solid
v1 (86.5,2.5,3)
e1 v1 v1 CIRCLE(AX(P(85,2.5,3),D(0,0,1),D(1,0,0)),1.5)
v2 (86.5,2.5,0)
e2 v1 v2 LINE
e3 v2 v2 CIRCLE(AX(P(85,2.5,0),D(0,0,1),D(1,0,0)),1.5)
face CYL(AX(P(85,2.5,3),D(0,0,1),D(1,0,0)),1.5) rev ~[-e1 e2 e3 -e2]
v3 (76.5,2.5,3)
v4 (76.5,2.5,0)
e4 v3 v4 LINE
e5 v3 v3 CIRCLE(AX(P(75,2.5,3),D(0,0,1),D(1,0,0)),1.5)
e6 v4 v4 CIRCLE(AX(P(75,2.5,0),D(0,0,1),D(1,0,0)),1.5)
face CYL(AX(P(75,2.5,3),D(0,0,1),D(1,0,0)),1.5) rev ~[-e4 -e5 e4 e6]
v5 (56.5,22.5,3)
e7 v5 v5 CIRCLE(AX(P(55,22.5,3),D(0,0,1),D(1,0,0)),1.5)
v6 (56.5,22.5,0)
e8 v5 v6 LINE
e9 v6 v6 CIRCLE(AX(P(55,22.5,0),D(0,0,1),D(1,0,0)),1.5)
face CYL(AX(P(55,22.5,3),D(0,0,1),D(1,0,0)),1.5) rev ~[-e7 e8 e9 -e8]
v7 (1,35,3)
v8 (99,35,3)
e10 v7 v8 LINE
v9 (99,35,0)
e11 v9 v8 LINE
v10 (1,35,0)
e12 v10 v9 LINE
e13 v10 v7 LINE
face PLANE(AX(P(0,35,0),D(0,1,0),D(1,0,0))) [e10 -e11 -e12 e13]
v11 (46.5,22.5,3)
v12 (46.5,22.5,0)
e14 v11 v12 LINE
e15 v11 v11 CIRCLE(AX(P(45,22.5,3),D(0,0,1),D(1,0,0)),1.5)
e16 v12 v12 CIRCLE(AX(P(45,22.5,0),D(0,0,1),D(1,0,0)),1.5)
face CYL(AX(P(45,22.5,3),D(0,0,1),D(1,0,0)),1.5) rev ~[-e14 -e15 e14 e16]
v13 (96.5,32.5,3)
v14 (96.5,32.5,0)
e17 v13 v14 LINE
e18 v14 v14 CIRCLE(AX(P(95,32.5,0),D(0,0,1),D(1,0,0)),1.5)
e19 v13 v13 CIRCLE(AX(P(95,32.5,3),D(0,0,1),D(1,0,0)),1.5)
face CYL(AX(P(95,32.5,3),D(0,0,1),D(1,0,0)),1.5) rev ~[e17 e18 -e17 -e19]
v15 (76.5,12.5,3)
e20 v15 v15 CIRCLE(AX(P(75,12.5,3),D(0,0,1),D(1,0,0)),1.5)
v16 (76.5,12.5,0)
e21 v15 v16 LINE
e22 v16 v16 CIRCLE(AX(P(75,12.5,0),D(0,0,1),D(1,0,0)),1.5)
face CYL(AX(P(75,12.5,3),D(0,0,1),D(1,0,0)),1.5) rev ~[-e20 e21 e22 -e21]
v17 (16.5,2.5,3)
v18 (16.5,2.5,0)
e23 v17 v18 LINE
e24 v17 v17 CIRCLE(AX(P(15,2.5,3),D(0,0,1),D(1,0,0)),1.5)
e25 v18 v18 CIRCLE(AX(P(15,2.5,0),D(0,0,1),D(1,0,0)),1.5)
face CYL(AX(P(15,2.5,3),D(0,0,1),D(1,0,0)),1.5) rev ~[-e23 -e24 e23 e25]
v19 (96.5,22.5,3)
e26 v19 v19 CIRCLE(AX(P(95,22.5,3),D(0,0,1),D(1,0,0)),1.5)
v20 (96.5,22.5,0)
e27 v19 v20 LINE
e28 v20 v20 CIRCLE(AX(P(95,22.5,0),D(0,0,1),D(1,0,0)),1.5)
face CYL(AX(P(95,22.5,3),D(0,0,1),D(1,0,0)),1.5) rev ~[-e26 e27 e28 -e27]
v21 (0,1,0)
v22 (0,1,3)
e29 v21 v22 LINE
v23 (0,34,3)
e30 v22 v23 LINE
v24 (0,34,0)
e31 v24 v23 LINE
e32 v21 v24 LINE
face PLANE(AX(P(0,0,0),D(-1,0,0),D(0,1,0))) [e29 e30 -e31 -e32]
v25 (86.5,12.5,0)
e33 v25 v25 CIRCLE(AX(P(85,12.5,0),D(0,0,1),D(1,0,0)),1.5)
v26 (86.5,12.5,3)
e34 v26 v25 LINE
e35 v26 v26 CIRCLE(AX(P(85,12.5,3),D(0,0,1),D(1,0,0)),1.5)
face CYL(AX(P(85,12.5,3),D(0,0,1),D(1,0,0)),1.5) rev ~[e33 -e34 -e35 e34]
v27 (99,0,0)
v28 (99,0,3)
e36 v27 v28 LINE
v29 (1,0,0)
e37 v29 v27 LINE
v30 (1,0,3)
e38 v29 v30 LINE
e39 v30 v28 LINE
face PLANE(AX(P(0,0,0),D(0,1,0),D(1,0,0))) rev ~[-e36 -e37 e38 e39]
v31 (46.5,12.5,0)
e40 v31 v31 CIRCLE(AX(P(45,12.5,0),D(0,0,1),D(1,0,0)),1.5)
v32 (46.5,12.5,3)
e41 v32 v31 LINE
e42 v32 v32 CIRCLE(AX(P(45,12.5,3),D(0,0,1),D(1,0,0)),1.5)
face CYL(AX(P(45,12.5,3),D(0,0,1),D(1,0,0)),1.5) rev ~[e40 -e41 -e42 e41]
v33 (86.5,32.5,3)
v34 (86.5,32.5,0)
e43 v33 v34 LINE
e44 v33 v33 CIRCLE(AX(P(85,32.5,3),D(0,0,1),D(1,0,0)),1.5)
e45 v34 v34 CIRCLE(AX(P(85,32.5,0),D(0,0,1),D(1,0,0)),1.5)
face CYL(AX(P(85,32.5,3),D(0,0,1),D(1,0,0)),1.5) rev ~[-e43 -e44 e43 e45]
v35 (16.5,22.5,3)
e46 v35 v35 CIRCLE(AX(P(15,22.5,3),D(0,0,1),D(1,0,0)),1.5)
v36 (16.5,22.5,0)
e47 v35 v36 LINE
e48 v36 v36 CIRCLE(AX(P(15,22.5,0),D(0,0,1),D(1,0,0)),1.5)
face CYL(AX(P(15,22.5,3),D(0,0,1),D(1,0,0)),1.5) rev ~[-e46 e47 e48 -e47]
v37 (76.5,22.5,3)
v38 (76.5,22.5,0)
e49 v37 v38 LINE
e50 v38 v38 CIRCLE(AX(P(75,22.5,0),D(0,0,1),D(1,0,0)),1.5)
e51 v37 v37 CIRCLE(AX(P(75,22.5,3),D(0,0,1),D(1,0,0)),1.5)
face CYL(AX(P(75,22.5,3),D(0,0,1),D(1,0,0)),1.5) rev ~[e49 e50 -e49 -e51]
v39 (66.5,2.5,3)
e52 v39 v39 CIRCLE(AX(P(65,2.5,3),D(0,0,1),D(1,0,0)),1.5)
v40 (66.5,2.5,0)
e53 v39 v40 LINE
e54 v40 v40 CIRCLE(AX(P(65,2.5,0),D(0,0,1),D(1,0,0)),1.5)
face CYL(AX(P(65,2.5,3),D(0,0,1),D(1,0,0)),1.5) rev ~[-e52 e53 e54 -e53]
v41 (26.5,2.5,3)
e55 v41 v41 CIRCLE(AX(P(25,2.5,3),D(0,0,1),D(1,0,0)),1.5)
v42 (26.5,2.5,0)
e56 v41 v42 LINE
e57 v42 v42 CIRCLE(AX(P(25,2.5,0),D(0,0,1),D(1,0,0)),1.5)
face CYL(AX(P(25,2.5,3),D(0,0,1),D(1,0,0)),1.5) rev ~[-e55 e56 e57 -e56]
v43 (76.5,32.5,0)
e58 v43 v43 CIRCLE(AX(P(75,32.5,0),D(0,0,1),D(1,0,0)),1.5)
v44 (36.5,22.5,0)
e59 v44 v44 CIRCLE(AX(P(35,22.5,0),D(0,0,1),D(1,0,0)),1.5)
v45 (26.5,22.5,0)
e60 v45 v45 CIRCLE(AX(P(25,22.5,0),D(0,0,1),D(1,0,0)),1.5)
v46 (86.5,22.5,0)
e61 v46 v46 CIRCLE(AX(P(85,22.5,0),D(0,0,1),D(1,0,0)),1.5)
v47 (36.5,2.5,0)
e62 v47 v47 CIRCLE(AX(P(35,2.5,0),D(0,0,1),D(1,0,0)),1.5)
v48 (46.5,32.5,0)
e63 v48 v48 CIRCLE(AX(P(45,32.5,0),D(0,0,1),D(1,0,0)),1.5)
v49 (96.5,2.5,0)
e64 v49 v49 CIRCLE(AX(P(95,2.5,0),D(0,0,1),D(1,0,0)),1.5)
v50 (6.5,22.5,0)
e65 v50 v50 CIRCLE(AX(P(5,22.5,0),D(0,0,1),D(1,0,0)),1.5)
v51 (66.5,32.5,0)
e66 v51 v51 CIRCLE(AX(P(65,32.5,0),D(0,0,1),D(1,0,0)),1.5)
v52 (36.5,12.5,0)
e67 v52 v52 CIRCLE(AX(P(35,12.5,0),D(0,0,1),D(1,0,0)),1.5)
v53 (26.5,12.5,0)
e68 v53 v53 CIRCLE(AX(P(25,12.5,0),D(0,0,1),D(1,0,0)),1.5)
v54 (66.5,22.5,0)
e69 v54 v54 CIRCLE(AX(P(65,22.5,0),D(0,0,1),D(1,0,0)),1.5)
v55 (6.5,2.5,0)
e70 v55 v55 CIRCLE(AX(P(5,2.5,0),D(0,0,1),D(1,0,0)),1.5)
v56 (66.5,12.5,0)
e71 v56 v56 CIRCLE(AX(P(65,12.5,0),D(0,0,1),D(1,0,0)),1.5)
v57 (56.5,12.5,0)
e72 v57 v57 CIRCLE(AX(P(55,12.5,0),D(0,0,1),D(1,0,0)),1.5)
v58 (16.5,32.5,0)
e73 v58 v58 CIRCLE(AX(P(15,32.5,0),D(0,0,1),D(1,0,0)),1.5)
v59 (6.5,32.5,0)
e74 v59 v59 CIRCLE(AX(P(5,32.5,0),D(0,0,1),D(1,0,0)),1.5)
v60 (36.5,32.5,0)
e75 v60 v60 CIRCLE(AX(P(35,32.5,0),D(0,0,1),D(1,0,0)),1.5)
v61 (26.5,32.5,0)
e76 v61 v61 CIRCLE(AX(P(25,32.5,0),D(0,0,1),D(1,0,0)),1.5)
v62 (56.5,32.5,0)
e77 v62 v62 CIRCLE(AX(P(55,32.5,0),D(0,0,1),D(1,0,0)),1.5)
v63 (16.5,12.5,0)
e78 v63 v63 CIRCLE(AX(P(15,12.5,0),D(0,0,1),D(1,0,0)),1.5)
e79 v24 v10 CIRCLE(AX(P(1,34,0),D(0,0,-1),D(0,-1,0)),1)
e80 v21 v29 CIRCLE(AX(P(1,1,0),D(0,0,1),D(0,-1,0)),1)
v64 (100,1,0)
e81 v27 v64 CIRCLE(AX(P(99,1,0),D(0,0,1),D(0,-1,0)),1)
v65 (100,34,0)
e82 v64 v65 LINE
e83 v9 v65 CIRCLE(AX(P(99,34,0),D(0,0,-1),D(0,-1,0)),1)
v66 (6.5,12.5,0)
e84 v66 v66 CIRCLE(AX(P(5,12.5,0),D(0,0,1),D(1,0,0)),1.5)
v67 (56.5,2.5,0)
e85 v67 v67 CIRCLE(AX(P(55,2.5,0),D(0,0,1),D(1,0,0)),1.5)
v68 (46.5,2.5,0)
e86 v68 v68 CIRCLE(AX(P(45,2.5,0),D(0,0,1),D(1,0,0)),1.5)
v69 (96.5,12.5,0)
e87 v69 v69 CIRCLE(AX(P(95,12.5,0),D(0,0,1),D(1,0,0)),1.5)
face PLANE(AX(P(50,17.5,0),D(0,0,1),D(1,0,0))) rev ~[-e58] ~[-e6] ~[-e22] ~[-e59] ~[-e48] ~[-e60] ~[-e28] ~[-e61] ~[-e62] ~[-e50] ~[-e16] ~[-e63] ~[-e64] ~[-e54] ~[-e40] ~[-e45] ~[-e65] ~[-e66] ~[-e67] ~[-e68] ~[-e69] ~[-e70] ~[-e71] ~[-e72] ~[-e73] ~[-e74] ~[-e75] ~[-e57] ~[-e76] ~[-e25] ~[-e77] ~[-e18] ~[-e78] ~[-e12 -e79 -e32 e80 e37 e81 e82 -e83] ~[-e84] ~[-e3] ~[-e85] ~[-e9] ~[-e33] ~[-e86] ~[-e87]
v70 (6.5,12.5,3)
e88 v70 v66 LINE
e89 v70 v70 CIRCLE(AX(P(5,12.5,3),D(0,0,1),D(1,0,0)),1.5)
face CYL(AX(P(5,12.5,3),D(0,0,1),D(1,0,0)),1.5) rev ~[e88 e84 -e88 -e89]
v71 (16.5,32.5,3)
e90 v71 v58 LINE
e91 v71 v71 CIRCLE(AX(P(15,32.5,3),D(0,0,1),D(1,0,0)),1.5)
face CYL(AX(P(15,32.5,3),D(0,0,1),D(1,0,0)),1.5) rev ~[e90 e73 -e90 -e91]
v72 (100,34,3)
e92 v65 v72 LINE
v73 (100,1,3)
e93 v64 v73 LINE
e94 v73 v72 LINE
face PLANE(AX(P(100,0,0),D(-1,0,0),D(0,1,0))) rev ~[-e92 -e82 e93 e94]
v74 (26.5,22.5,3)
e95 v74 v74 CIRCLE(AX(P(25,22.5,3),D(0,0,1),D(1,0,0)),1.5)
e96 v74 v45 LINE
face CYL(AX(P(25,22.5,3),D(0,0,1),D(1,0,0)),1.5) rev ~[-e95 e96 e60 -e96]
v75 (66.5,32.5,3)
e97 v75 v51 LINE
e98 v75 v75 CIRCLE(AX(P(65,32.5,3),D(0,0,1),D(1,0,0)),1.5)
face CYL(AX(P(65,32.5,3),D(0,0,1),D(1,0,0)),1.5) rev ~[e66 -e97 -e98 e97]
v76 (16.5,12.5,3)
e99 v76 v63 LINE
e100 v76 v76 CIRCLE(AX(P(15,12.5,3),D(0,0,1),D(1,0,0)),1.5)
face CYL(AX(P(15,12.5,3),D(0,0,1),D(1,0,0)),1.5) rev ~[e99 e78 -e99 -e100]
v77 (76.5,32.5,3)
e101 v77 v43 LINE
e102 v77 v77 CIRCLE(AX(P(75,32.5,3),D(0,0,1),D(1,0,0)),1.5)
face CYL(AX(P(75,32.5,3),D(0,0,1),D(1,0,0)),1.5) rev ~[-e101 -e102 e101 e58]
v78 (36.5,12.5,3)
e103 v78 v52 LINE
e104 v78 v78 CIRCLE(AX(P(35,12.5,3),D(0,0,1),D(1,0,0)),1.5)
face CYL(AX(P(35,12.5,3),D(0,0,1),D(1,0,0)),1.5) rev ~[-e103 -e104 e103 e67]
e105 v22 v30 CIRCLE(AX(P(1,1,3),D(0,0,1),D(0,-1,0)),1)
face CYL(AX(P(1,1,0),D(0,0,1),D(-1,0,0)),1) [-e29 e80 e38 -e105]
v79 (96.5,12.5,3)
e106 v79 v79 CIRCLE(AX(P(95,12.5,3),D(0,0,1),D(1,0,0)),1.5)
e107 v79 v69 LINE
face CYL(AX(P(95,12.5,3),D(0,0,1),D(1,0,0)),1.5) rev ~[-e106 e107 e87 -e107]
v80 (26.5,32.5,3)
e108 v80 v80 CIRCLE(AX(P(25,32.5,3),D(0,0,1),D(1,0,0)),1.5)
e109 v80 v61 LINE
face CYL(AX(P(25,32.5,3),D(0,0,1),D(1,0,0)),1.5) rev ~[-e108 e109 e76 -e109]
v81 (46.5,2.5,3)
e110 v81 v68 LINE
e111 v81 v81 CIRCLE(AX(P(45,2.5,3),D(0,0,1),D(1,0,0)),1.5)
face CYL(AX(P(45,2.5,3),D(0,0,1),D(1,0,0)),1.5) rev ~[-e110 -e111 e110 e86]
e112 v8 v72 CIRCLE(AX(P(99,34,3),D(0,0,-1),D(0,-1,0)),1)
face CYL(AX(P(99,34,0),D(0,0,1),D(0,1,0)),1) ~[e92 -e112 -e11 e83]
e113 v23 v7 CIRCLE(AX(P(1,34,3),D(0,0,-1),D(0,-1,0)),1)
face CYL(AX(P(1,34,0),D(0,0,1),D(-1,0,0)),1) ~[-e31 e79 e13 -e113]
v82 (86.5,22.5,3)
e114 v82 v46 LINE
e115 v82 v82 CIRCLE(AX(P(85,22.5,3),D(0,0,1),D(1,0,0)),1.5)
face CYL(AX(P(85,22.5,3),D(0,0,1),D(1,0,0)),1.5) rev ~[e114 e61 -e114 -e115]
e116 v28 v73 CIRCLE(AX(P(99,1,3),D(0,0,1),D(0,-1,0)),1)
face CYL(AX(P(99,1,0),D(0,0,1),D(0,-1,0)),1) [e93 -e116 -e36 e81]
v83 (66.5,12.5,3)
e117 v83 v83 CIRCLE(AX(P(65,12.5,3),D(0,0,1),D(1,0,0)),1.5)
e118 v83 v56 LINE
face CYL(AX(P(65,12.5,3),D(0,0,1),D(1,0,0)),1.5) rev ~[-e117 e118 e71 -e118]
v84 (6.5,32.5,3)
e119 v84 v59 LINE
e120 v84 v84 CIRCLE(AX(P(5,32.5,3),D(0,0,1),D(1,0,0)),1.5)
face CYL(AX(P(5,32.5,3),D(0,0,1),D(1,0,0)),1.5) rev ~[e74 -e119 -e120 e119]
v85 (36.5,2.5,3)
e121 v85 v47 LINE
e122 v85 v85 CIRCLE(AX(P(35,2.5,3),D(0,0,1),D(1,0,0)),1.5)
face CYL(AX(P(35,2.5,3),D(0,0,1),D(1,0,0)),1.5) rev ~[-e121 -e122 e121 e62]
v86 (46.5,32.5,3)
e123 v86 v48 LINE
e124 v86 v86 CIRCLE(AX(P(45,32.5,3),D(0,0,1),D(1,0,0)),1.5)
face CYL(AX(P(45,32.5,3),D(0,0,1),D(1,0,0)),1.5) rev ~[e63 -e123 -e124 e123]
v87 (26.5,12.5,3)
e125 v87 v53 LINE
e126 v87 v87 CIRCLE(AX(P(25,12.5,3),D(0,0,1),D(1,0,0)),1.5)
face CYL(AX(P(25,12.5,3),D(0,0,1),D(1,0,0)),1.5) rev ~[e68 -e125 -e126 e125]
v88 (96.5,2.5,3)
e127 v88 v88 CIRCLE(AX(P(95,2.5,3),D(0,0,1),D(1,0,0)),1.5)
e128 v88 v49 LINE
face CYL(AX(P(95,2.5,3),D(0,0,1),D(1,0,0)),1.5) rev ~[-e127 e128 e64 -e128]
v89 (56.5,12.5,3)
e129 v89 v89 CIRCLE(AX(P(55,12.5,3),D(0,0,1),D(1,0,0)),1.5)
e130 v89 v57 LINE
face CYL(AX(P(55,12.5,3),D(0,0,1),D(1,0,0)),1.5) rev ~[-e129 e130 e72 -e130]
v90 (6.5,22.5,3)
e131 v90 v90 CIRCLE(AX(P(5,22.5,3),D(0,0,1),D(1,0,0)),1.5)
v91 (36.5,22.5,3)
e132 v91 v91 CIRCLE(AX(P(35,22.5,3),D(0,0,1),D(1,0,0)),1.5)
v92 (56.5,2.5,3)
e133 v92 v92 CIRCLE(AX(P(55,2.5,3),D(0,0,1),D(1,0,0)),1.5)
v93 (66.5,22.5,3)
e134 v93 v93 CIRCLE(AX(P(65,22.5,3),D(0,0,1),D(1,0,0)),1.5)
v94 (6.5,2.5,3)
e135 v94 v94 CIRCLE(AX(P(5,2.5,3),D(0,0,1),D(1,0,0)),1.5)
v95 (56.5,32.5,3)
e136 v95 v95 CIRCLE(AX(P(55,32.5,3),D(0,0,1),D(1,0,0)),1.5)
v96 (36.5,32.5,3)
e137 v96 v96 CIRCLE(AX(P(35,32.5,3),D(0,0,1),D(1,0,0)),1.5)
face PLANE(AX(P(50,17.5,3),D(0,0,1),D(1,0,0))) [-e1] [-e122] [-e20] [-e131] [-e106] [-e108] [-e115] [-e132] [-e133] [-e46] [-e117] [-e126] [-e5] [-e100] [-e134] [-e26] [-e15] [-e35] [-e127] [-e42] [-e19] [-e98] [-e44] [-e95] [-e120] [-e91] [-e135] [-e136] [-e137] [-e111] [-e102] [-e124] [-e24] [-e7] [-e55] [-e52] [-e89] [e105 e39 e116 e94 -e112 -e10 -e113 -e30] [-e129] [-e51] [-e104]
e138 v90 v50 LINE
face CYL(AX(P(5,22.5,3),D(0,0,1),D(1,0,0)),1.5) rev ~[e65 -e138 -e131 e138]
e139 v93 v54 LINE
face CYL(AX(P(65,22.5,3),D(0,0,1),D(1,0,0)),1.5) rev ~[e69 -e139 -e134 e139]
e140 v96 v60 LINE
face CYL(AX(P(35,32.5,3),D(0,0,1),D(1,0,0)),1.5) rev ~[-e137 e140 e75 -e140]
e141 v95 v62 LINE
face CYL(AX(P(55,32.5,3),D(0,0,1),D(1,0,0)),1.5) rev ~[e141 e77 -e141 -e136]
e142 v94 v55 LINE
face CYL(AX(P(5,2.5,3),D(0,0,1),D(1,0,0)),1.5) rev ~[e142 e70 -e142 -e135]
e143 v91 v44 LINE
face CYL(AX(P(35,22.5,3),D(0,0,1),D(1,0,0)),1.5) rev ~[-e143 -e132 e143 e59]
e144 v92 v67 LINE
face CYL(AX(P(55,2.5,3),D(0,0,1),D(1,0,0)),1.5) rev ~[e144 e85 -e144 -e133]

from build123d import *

# Parameters (mm, degrees)
ESQUISSE1_W             = 100
ESQUISSE1_H             = 35
BOSS_EXTRU_1_DEPTH      = 3
ESQUISSE2_R             = 1.5
ENL_V_MAT_EXTRU_1_DEPTH = 3
CONG_1_R                = 1


with BuildPart() as part:
    # Esquisse1 → Boss.-Extru.1 (new body)
    with BuildSketch(Plane.XY):
        with Locations((50, 17.5)):
            Rectangle(ESQUISSE1_W, ESQUISSE1_H)
    extrude(amount=BOSS_EXTRU_1_DEPTH)

    # Esquisse2 → Enlèv. mat.-Extru.1 (cut)
    with BuildSketch(Plane.XY.offset(3)):
        with Locations((95, 32.5)):
            Circle(ESQUISSE2_R)
        with Locations((85, 32.5)):
            Circle(ESQUISSE2_R)
        with Locations((75, 32.5)):
            Circle(ESQUISSE2_R)
        with Locations((65, 32.5)):
            Circle(ESQUISSE2_R)
        with Locations((55, 32.5)):
            Circle(ESQUISSE2_R)
        with Locations((45, 32.5)):
            Circle(ESQUISSE2_R)
        with Locations((35, 32.5)):
            Circle(ESQUISSE2_R)
        with Locations((25, 32.5)):
            Circle(ESQUISSE2_R)
        with Locations((15, 32.5)):
            Circle(ESQUISSE2_R)
        with Locations((5, 32.5)):
            Circle(ESQUISSE2_R)
        with Locations((85, 22.5)):
            Circle(ESQUISSE2_R)
        with Locations((75, 22.5)):
            Circle(ESQUISSE2_R)
        with Locations((65, 22.5)):
            Circle(ESQUISSE2_R)
        with Locations((55, 22.5)):
            Circle(ESQUISSE2_R)
        with Locations((45, 22.5)):
            Circle(ESQUISSE2_R)
        with Locations((35, 22.5)):
            Circle(ESQUISSE2_R)
        with Locations((25, 22.5)):
            Circle(ESQUISSE2_R)
        with Locations((15, 22.5)):
            Circle(ESQUISSE2_R)
        with Locations((5, 22.5)):
            Circle(ESQUISSE2_R)
        with Locations((85, 12.5)):
            Circle(ESQUISSE2_R)
        with Locations((75, 12.5)):
            Circle(ESQUISSE2_R)
        with Locations((65, 12.5)):
            Circle(ESQUISSE2_R)
        with Locations((55, 12.5)):
            Circle(ESQUISSE2_R)
        with Locations((45, 12.5)):
            Circle(ESQUISSE2_R)
        with Locations((35, 12.5)):
            Circle(ESQUISSE2_R)
        with Locations((25, 12.5)):
            Circle(ESQUISSE2_R)
        with Locations((15, 12.5)):
            Circle(ESQUISSE2_R)
        with Locations((5, 12.5)):
            Circle(ESQUISSE2_R)
        with Locations((85, 2.5)):
            Circle(ESQUISSE2_R)
        with Locations((75, 2.5)):
            Circle(ESQUISSE2_R)
        with Locations((65, 2.5)):
            Circle(ESQUISSE2_R)
        with Locations((55, 2.5)):
            Circle(ESQUISSE2_R)
        with Locations((45, 2.5)):
            Circle(ESQUISSE2_R)
        with Locations((35, 2.5)):
            Circle(ESQUISSE2_R)
        with Locations((25, 2.5)):
            Circle(ESQUISSE2_R)
        with Locations((15, 2.5)):
            Circle(ESQUISSE2_R)
        with Locations((5, 2.5)):
            Circle(ESQUISSE2_R)
        with Locations((95, 22.5)):
            Circle(ESQUISSE2_R)
        with Locations((95, 12.5)):
            Circle(ESQUISSE2_R)
        with Locations((95, 2.5)):
            Circle(ESQUISSE2_R)
    extrude(amount=-ENL_V_MAT_EXTRU_1_DEPTH, mode=Mode.SUBTRACT)

    # Congé1
    cong_1_edges = [part.edges().sort_by_distance(p)[0] for p in [
        (0, 35, 1.5),
        (100, 35, 1.5),
        (100, 0, 1.5),
        (0, 0, 1.5),
    ]]
    fillet(cong_1_edges, radius=CONG_1_R)


solid = part.part
